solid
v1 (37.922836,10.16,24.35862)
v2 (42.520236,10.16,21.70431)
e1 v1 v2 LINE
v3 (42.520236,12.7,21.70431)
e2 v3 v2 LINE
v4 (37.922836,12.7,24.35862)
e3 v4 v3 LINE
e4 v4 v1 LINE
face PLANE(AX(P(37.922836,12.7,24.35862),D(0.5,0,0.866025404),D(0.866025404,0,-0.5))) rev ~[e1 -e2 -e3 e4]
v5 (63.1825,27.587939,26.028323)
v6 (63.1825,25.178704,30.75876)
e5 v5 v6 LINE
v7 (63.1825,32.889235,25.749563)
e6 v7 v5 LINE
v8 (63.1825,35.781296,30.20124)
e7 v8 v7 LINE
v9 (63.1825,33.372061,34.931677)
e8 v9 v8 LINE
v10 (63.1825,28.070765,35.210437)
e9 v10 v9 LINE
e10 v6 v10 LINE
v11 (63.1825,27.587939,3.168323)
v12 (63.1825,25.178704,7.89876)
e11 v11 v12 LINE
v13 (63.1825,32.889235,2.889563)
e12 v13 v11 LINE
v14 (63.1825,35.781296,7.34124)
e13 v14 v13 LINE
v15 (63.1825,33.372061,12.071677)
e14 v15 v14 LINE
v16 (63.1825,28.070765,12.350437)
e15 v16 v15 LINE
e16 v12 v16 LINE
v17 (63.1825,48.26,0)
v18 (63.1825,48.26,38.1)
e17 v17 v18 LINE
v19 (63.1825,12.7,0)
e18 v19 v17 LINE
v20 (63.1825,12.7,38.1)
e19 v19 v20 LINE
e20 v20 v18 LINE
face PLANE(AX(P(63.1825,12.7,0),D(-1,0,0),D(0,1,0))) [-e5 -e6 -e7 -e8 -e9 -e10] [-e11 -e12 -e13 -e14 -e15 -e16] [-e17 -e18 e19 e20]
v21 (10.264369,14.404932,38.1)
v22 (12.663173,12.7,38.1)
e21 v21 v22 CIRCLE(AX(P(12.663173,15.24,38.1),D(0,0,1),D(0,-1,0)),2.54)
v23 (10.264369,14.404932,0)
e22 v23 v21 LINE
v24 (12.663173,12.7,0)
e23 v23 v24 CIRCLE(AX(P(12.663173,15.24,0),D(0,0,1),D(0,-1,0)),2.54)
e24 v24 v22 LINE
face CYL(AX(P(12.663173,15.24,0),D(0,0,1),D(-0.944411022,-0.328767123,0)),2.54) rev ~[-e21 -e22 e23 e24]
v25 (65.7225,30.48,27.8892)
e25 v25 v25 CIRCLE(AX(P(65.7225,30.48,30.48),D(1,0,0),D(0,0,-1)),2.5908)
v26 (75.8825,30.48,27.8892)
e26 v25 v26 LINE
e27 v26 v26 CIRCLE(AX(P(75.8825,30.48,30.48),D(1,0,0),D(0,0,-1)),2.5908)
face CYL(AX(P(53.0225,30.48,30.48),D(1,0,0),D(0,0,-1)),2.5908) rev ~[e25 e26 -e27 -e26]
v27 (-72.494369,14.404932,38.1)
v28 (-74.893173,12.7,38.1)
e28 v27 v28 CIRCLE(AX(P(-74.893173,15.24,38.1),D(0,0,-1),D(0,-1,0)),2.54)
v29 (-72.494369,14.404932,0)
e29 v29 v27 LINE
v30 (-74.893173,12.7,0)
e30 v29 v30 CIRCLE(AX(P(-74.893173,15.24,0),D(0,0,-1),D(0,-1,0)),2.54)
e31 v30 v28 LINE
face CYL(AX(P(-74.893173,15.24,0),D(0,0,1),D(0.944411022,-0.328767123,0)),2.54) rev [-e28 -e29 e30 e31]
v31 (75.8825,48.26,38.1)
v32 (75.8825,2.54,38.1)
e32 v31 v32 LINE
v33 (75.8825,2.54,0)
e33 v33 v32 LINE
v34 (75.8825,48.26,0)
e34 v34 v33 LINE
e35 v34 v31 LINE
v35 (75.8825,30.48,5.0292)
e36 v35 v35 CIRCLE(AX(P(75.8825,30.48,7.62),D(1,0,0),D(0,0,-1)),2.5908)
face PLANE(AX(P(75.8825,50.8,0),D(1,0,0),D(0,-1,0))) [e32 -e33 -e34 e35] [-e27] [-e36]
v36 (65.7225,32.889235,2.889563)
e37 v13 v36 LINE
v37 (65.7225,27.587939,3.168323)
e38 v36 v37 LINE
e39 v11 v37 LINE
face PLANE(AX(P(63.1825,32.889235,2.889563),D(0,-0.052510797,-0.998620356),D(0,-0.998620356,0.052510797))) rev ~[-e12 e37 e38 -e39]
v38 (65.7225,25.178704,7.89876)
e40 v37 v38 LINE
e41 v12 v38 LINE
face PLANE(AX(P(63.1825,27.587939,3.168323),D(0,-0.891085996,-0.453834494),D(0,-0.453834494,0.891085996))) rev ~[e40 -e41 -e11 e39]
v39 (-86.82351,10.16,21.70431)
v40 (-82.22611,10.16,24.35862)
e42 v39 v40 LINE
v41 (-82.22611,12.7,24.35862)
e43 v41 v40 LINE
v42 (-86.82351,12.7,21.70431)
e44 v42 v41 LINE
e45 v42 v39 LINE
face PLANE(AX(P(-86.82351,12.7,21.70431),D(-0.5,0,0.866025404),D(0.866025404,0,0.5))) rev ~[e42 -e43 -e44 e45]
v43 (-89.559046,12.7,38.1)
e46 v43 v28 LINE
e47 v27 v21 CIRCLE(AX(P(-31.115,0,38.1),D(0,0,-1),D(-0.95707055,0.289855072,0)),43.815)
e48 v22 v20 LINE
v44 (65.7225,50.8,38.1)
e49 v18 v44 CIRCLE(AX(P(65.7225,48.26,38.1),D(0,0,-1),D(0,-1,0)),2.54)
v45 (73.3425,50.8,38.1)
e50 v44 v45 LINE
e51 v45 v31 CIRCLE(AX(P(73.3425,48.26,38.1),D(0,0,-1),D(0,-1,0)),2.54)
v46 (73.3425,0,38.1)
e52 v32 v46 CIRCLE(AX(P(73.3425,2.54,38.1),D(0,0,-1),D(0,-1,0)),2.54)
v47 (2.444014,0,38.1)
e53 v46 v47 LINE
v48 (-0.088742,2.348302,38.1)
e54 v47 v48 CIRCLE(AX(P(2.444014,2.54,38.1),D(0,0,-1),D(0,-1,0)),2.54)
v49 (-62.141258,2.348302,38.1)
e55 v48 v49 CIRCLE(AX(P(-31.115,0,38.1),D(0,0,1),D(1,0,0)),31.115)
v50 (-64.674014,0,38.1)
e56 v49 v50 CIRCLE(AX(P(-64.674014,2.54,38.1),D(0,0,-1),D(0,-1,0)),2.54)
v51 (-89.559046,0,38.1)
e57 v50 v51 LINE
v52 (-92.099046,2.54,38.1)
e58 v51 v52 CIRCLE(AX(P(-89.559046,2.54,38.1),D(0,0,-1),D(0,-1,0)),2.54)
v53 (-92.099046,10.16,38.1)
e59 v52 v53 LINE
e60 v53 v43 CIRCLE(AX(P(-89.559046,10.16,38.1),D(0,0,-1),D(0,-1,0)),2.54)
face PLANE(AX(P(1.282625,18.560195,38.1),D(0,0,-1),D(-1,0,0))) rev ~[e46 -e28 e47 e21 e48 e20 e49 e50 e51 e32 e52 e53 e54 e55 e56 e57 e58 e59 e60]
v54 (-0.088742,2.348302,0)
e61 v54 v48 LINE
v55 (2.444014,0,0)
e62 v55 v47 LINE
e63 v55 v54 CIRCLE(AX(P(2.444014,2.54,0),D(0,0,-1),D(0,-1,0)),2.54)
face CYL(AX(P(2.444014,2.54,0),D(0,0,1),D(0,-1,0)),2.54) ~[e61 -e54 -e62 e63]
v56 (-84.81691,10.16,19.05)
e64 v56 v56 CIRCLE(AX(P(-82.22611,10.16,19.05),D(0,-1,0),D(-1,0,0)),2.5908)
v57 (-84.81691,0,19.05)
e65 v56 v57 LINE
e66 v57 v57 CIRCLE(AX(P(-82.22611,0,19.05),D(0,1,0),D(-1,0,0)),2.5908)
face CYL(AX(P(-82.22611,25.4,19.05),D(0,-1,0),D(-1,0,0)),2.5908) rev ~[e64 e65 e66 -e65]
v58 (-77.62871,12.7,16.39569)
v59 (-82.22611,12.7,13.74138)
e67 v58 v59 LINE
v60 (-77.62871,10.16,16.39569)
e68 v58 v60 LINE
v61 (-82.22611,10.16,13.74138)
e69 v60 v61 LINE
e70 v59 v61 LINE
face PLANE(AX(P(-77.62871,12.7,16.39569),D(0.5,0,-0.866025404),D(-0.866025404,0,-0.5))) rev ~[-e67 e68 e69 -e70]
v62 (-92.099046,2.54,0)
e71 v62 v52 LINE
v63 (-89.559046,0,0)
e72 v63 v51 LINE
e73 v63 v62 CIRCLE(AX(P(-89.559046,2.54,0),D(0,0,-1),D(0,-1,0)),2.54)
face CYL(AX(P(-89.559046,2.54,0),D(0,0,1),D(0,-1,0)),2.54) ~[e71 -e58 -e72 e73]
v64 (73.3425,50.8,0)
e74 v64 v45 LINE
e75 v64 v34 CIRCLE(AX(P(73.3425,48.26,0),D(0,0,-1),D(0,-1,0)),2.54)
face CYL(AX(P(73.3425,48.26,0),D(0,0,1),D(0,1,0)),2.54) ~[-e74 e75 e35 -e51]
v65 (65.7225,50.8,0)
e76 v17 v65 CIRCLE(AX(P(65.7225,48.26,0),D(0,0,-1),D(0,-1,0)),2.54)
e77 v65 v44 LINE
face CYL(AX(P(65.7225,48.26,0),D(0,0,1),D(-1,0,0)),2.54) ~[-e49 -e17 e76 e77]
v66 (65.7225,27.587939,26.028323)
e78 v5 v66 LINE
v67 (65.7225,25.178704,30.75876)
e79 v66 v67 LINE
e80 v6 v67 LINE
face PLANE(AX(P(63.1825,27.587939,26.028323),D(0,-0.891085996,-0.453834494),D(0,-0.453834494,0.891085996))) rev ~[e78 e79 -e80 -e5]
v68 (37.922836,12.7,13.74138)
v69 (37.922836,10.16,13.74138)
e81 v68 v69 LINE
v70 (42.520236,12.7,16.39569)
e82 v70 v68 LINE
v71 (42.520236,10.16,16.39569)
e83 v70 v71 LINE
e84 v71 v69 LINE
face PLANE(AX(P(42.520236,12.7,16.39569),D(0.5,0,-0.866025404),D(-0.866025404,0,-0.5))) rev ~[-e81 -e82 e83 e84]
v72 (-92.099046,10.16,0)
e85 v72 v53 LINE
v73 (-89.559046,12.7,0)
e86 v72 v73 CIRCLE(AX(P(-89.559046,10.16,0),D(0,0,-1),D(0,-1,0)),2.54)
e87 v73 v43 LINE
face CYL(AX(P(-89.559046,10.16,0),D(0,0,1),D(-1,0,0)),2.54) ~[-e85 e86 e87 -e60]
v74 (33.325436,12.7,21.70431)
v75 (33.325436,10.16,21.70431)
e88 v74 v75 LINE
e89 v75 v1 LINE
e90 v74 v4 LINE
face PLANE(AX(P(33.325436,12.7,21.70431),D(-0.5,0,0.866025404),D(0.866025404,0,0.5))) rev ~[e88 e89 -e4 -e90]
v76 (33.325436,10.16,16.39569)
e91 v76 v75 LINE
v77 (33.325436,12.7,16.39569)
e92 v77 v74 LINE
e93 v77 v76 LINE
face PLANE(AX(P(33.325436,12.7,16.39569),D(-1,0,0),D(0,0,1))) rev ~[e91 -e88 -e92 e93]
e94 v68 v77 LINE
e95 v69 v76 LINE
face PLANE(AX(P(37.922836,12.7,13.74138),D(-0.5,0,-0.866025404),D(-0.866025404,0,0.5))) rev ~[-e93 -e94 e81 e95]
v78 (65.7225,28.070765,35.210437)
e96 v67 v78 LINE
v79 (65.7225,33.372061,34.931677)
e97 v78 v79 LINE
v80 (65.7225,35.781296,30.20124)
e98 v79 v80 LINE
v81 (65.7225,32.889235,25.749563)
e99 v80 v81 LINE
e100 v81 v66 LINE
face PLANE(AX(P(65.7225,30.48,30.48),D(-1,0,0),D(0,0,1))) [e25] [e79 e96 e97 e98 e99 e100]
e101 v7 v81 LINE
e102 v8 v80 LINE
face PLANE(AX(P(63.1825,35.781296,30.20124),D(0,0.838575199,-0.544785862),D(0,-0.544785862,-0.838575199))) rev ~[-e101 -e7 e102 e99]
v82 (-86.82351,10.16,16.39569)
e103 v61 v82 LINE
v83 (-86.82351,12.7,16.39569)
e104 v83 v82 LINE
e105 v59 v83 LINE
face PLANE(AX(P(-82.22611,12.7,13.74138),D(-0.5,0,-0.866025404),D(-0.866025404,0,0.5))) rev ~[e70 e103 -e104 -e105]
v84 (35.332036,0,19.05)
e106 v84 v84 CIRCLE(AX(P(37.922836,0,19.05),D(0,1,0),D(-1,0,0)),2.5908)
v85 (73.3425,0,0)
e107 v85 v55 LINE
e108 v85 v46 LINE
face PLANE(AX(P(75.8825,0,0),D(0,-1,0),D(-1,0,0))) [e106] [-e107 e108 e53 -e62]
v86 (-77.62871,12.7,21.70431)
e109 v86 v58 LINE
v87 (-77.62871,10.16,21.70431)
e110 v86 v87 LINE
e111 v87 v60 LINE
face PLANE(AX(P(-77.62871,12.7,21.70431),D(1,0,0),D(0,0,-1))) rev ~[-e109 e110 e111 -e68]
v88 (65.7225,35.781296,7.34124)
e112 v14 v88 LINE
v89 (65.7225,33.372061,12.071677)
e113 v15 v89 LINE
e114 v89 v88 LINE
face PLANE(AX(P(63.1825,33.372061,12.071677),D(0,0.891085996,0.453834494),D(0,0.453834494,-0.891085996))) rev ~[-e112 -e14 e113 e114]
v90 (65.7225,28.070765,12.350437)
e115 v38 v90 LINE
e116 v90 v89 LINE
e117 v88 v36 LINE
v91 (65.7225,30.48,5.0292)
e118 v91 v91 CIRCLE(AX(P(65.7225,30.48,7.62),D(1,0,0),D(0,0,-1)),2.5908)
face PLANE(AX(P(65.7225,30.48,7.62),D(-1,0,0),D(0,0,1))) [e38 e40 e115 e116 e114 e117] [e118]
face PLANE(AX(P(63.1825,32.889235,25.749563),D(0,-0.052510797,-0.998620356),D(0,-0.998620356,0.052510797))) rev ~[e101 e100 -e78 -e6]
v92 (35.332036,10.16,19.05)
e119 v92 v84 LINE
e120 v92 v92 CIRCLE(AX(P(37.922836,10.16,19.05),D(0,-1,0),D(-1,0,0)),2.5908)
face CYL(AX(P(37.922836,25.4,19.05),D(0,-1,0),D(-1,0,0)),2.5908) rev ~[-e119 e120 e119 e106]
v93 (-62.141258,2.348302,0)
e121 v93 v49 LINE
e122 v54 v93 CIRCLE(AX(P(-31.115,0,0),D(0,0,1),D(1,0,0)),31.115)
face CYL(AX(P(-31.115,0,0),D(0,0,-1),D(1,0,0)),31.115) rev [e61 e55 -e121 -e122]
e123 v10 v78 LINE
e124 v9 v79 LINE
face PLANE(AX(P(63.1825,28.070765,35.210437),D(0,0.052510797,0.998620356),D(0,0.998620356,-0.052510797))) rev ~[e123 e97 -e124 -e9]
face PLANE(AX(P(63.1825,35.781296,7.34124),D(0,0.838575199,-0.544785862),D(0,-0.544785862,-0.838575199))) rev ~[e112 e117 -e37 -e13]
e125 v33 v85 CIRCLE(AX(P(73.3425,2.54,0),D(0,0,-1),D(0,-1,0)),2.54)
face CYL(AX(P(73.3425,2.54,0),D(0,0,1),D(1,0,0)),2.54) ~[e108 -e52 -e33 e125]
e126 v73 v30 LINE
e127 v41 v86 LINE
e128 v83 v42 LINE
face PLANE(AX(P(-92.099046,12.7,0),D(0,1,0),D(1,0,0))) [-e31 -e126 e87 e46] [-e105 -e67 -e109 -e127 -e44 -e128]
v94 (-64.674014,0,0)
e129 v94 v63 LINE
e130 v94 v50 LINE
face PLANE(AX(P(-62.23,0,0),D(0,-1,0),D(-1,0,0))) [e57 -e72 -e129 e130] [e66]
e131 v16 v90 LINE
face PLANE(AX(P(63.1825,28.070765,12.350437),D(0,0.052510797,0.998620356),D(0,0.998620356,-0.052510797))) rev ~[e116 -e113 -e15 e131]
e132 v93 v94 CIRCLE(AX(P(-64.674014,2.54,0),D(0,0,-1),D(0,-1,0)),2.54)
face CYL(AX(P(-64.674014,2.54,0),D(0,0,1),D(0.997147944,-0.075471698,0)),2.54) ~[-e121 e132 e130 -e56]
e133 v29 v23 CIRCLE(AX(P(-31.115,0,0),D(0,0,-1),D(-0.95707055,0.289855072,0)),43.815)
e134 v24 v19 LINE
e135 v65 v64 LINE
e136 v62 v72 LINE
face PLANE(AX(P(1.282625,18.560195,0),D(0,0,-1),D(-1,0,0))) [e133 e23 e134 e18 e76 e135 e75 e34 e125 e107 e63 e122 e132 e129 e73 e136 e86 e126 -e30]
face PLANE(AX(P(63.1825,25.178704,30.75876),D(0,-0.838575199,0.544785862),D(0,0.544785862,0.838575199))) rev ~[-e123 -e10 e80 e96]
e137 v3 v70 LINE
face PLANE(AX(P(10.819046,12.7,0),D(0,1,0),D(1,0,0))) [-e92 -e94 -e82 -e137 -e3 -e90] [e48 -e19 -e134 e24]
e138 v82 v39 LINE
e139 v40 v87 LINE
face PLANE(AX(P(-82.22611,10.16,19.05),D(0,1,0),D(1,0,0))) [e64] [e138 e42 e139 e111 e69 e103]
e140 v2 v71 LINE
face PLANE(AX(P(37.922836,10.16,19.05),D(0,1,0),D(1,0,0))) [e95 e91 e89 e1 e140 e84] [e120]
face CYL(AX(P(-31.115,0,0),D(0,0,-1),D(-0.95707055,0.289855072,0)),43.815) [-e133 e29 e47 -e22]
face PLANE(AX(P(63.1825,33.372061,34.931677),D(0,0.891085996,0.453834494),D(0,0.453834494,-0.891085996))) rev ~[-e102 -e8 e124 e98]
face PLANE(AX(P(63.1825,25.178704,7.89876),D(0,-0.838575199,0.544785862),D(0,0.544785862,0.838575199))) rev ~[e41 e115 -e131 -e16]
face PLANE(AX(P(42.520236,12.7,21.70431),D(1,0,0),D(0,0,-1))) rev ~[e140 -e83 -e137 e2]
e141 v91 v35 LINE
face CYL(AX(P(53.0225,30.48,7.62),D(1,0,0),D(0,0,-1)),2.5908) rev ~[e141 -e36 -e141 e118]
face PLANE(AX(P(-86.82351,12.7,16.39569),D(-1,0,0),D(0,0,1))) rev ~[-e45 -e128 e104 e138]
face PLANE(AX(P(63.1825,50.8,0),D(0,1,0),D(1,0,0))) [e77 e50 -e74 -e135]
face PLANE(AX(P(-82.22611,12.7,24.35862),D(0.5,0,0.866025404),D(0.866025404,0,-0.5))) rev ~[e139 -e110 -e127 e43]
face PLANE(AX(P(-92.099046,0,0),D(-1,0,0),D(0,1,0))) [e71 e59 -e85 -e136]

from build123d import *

# Parameters (mm, degrees)
BOSS_EXTRUDE1_DEPTH            = 38.1
FILLET1_R                      = 2.54
CUT_EXTRUDE1_DEPTH             = 2.54
F_6_0_204_DIAMETER_HOLE1_D     = 5.1816
F_6_0_204_DIAMETER_HOLE1_DEPTH = 12.7
F_6_0_204_DIAMETER_HOLE1_TIP   = 1.556709692
CUT_EXTRUDE2_DEPTH             = 2.54
F_6_0_204_DIAMETER_HOLE2_D     = 5.1816
F_6_0_204_DIAMETER_HOLE2_DEPTH = 12.7
F_6_0_204_DIAMETER_HOLE2_TIP   = 1.556709692


with BuildPart() as part:
    # Sketch1 → Boss-Extrude1 (new body)
    with BuildSketch(Plane.XY):
        with BuildLine():
            ThreePointArc((-73.049046132, 12.7), (-31.115, 43.815), (10.819046132, 12.7))
            Line((10.819046132, 12.7), (63.1825, 12.7))
            Line((63.1825, 12.7), (63.1825, 50.8))
            Line((63.1825, 50.8), (75.8825, 50.8))
            Line((75.8825, 50.8), (75.8825, 0))
            Line((75.8825, 0), (0, 0))
            ThreePointArc((0, 0), (-31.115, 31.115), (-62.23, 0))
            Line((-62.23, 0), (-92.099046132, 0))
            Line((-92.099046132, 0), (-92.099046132, 12.7))
            Line((-92.099046132, 12.7), (-73.049046132, 12.7))
        make_face()
    extrude(amount=BOSS_EXTRUDE1_DEPTH)

    # Fillet1
    fillet1_edges = [part.edges().sort_by_distance(p)[0] for p in [
        (10.819046132, 12.7, 19.05),
        (63.1825, 50.8, 19.05),
        (75.8825, 50.8, 19.05),
        (75.8825, 0, 19.05),
        (0, 0, 19.05),
        (-62.23, 0, 19.05),
        (-92.099046132, 0, 19.05),
        (-92.099046132, 12.7, 19.05),
        (-73.049046132, 12.7, 19.05),
    ]]
    fillet(fillet1_edges, radius=FILLET1_R)

    # Sketch3 → Cut-Extrude1 (cut)
    with BuildSketch(Plane(origin=(0, 12.7, 0), x_dir=(1, 0, 0), z_dir=(0, 1, 0))):
        Polygon((33.325436464, -16.395689872), (33.325436464, -21.704310128), (37.922836464, -24.358620255), (42.520236464, -21.704310128), (42.520236464, -16.395689872), (37.922836464, -13.741379745), align=None)
        Polygon((-82.22610953, -13.741379745), (-86.82350953, -16.395689872), (-86.82350953, -21.704310128), (-82.22610953, -24.358620255), (-77.62870953, -21.704310128), (-77.62870953, -16.395689872), align=None)
    extrude(amount=-CUT_EXTRUDE1_DEPTH, mode=Mode.SUBTRACT)

    # #6 (0.204) Diameter Hole1
    with Locations(Plane(origin=(0, 12.7, 0), x_dir=(1, 0, 0), z_dir=(0, 1, 0))):
        with Locations((-82.22610953, -19.05), (37.922836464, -19.05)):
            Hole(F_6_0_204_DIAMETER_HOLE1_D / 2, depth=F_6_0_204_DIAMETER_HOLE1_DEPTH)
            with Locations((0, 0, -(F_6_0_204_DIAMETER_HOLE1_DEPTH + F_6_0_204_DIAMETER_HOLE1_TIP / 2))):  # 118° drill point
                Cone(0, F_6_0_204_DIAMETER_HOLE1_D / 2, F_6_0_204_DIAMETER_HOLE1_TIP, mode=Mode.SUBTRACT)

    # Sketch6 → Cut-Extrude2 (cut)
    with BuildSketch(Plane.ZY.offset(-63.1825)):
        Polygon((12.350437166, 28.070765011), (12.071677287, 33.372061262), (7.341240122, 35.781296251), (2.889562834, 32.889234989), (3.168322713, 27.587938738), (7.898759878, 25.178703749), align=None)
        Polygon((35.210437166, 28.070765011), (34.931677287, 33.372061262), (30.201240122, 35.781296251), (25.749562834, 32.889234989), (26.028322713, 27.587938738), (30.758759878, 25.178703749), align=None)
    extrude(amount=-CUT_EXTRUDE2_DEPTH, mode=Mode.SUBTRACT)

    # #6 (0.204) Diameter Hole2
    with Locations(Plane.ZY.offset(-65.7225)):
        with Locations((30.48, 30.48), (7.62, 30.48)):
            Hole(F_6_0_204_DIAMETER_HOLE2_D / 2, depth=F_6_0_204_DIAMETER_HOLE2_DEPTH)
            with Locations((0, 0, -(F_6_0_204_DIAMETER_HOLE2_DEPTH + F_6_0_204_DIAMETER_HOLE2_TIP / 2))):  # 118° drill point
                Cone(0, F_6_0_204_DIAMETER_HOLE2_D / 2, F_6_0_204_DIAMETER_HOLE2_TIP, mode=Mode.SUBTRACT)


solid = part.part
